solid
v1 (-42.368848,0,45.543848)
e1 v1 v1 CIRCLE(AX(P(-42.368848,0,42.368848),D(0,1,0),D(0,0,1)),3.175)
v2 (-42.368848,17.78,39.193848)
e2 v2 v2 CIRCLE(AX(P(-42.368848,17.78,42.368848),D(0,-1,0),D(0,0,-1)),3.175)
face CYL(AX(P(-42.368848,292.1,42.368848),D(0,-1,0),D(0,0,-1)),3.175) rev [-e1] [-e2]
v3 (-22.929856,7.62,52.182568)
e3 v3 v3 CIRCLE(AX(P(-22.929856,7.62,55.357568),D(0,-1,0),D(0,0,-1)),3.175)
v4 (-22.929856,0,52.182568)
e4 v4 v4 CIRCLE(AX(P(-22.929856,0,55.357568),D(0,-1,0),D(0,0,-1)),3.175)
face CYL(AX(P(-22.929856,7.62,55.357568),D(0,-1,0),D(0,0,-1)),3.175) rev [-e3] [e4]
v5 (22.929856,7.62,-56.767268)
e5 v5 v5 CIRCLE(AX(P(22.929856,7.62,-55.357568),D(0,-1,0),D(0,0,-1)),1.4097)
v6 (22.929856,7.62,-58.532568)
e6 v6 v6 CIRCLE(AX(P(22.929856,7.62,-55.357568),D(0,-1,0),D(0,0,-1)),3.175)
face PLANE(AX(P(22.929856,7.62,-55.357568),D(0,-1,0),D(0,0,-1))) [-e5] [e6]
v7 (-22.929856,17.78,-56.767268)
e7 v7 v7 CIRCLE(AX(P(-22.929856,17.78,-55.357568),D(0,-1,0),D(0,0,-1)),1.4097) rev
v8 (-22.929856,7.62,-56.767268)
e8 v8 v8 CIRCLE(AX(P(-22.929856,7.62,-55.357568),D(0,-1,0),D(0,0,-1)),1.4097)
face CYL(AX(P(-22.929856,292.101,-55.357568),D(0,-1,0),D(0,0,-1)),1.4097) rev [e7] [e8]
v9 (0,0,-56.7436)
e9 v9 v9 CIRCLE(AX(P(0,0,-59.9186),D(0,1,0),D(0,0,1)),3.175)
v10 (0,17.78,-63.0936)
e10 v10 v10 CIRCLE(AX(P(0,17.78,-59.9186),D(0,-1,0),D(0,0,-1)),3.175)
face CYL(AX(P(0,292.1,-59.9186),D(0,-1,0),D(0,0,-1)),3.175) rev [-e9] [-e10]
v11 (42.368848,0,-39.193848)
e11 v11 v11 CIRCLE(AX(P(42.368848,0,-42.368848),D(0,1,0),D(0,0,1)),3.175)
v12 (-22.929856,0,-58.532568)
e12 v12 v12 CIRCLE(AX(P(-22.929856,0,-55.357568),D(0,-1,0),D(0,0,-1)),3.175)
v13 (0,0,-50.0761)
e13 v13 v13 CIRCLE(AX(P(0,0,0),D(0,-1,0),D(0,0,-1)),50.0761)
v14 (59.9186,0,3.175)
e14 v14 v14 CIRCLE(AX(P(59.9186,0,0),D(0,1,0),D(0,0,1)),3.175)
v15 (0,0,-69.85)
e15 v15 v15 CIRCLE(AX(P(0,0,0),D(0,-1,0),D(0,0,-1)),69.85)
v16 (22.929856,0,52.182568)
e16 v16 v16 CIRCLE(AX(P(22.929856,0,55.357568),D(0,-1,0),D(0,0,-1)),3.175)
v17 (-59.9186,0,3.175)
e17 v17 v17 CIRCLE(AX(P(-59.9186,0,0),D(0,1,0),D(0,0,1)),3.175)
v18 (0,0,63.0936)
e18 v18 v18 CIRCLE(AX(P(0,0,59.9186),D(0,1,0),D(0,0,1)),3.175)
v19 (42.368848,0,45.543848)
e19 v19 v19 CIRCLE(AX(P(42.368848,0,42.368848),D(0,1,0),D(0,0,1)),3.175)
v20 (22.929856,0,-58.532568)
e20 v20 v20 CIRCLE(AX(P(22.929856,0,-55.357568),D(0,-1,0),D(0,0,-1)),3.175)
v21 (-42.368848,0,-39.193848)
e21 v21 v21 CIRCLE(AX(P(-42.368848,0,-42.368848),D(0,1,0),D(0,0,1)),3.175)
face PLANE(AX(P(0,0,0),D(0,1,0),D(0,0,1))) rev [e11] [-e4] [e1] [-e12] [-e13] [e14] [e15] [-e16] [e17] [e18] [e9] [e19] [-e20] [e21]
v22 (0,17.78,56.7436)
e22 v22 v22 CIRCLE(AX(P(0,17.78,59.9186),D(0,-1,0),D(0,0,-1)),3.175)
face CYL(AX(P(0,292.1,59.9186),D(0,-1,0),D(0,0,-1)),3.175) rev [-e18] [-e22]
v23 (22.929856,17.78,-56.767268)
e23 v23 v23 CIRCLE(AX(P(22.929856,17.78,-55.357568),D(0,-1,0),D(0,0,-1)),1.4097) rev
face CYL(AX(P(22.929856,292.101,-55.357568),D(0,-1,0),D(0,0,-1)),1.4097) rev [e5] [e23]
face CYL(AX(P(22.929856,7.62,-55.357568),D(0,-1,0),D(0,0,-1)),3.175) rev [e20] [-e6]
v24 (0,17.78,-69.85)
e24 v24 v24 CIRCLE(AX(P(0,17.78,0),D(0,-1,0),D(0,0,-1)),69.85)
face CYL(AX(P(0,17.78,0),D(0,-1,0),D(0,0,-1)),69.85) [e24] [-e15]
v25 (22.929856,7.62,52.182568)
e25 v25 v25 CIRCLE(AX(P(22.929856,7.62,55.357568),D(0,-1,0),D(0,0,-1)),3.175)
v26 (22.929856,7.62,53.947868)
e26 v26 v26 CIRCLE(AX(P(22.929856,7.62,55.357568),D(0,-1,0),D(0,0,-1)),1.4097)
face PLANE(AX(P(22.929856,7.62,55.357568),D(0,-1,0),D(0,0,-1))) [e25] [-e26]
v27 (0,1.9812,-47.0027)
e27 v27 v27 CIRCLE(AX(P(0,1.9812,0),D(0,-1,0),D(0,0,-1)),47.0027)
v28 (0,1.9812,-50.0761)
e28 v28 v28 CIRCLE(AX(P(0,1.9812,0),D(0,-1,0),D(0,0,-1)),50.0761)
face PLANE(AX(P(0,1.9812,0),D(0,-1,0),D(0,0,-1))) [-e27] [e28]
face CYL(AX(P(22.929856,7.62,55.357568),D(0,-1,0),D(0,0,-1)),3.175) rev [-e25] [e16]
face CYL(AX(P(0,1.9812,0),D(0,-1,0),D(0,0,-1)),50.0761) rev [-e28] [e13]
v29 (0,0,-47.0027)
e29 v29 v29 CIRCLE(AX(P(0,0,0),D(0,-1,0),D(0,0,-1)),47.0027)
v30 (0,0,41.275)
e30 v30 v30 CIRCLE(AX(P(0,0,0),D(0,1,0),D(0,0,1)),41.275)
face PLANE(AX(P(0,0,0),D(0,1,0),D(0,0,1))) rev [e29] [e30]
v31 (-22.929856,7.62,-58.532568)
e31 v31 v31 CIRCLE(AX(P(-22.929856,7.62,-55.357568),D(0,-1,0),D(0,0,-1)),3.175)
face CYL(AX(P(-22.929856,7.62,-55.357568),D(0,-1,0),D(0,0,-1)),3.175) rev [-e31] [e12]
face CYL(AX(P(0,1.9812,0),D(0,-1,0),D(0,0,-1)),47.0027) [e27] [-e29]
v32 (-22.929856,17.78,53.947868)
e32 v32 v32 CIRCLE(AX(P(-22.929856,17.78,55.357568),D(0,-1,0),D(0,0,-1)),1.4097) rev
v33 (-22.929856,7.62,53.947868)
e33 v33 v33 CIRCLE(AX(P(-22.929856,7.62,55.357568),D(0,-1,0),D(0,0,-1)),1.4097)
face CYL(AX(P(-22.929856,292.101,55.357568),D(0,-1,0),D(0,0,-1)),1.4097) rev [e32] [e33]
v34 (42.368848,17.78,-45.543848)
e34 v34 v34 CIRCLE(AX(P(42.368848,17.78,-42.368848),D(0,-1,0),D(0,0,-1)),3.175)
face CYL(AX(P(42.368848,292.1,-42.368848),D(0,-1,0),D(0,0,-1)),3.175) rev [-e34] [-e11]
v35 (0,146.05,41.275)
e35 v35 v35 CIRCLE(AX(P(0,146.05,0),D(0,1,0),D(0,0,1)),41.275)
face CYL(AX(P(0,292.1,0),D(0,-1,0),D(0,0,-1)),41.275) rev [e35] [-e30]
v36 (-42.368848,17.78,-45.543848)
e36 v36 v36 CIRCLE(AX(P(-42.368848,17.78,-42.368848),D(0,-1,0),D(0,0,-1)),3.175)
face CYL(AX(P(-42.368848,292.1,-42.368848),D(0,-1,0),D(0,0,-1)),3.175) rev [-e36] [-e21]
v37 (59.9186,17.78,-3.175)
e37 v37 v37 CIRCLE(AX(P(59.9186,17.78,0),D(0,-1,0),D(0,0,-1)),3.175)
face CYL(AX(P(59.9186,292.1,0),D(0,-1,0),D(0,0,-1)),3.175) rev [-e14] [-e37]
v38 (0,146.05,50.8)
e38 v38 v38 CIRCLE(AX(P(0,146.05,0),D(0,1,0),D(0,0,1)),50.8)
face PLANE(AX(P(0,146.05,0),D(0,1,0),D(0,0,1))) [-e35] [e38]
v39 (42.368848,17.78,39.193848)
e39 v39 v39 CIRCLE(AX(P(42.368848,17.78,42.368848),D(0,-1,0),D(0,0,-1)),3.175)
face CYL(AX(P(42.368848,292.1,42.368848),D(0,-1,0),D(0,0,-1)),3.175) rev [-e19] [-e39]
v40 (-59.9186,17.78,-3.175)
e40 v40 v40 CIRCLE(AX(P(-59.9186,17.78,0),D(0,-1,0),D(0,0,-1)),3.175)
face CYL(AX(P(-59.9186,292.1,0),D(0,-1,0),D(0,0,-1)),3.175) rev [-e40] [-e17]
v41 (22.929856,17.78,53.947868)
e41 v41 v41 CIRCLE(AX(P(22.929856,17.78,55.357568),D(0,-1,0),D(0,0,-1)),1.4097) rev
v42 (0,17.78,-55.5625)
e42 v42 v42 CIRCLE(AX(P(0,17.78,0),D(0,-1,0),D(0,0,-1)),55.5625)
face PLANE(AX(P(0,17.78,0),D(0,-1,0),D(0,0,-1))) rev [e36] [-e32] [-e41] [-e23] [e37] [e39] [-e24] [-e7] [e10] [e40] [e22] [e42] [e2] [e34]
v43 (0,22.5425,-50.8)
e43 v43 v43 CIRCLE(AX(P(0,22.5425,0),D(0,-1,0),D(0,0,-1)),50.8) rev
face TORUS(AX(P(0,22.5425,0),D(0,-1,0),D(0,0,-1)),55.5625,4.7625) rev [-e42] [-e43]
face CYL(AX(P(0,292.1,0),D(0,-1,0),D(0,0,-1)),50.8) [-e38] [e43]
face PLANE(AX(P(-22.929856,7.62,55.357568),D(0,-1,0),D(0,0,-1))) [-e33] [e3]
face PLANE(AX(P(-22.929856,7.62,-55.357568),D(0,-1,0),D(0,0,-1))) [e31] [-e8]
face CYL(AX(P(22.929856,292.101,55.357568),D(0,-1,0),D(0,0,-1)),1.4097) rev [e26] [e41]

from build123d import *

# Parameters (mm, degrees)
SKETCH2_R               = 50.8
SKETCH2_R_2             = 41.275
BASE_CYLINDER_DEPTH     = 292.1
SKETCH3_R               = 69.85
SKETCH3_R_2             = 41.275
AFT_FLANGE_DEPTH        = 17.78
SKETCH4_R               = 69.85
SKETCH4_R_2             = 41.275
FORWARD_FLANGE_DEPTH    = 17.78
SKETCH6_R               = 50.0761
SKETCH6_R_2             = 47.0027
O_RING_SLOT_1_DEPTH     = 1.9812
SKETCH7_R               = 50.0761
SKETCH7_R_2             = 47.0027
O_RING_SLOT_2_DEPTH     = 1.9812
SKETCH8_R               = 3.175
CUT_EXTRUDE4_DEPTH      = 1
CUT_EXTRUDE4_DEPTH_BACK = 293.1
FILLET1_R               = 4.7625
SKETCH9_R               = 3.175
CUT_EXTRUDE5_DEPTH      = 7.62
SKETCH10_R              = 3.175
CUT_EXTRUDE6_DEPTH      = 7.62
CUT_EXTRUDE7_REACH      = 286.48
SKETCH11_R              = 1.4097
CUT_EXTRUDE8_REACH      = 286.48
SKETCH12_R              = 1.4097
SKETCH13_R              = 2.3114
CUT_EXTRUDE10_DEPTH     = 6.35
SKETCH14_R              = 2.3114
CUT_EXTRUDE11_DEPTH     = 6.35
SKETCH18_R              = 69.85
CUT_EXTRUDE13_DEPTH     = 146.05


with BuildPart() as part:
    # Sketch2 → Base Cylinder (new body)
    with BuildSketch(Plane(origin=(0, 0, 0), x_dir=(1, 0, 0), z_dir=(0, 1, 0))):
        Circle(SKETCH2_R)
        Circle(SKETCH2_R_2, mode=Mode.SUBTRACT)
    extrude(amount=BASE_CYLINDER_DEPTH)

    # Sketch3 → Aft Flange (add)
    with BuildSketch(Plane.XZ):
        Circle(SKETCH3_R)
        Circle(SKETCH3_R_2, mode=Mode.SUBTRACT)
    extrude(amount=-AFT_FLANGE_DEPTH)

    # Sketch4 → Forward Flange (add)
    with BuildSketch(Plane(origin=(0, 292.1, 0), x_dir=(1, 0, 0), z_dir=(0, 1, 0))):
        Circle(SKETCH4_R)
        Circle(SKETCH4_R_2, mode=Mode.SUBTRACT)
    extrude(amount=-FORWARD_FLANGE_DEPTH)

    # Sketch6 → O-Ring Slot 1 (cut)
    with BuildSketch(Plane.XZ):
        Circle(SKETCH6_R)
        Circle(SKETCH6_R_2, mode=Mode.SUBTRACT)
    extrude(amount=-O_RING_SLOT_1_DEPTH, mode=Mode.SUBTRACT)

    # Sketch7 → O-Ring Slot 2 (cut)
    with BuildSketch(Plane(origin=(0, 292.1, 0), x_dir=(1, 0, 0), z_dir=(0, 1, 0))):
        Circle(SKETCH7_R)
        Circle(SKETCH7_R_2, mode=Mode.SUBTRACT)
    extrude(amount=-O_RING_SLOT_2_DEPTH, mode=Mode.SUBTRACT)

    # Sketch8 → Cut-Extrude4 (cut, two sides)
    with BuildSketch(Plane.XZ) as cut_extrude4_sk:
        with Locations((-59.9186, 0)):
            Circle(SKETCH8_R)
        with Locations((-42.368848379, 42.368848379)):
            Circle(SKETCH8_R)
        with Locations((0, 59.9186)):
            Circle(SKETCH8_R)
        with Locations((42.368848379, 42.368848379)):
            Circle(SKETCH8_R)
        with Locations((59.9186, 0)):
            Circle(SKETCH8_R)
        with Locations((42.368848379, -42.368848379)):
            Circle(SKETCH8_R)
        with Locations((0, -59.9186)):
            Circle(SKETCH8_R)
        with Locations((-42.368848379, -42.368848379)):
            Circle(SKETCH8_R)
    extrude(amount=CUT_EXTRUDE4_DEPTH, mode=Mode.SUBTRACT)
    extrude(cut_extrude4_sk.sketch, amount=-CUT_EXTRUDE4_DEPTH_BACK, mode=Mode.SUBTRACT)

    # Fillet1
    fillet1_edges = [part.edges().sort_by_distance(p)[0] for p in [
        (-50.8, 17.78, 0),
        (-50.8, 274.32, 0),
    ]]
    fillet(fillet1_edges, radius=FILLET1_R)

    # Sketch9 → Cut-Extrude5 (cut)
    with BuildSketch(Plane(origin=(0, 292.1, 0), x_dir=(1, 0, 0), z_dir=(0, 1, 0))):
        with Locations((-22.929855511, 55.357568157)):
            Circle(SKETCH9_R)
        with Locations((22.929855511, -55.357568157)):
            Circle(SKETCH9_R)
        with Locations((22.929855511, 55.357568157)):
            Circle(SKETCH9_R)
        with Locations((-22.929855511, -55.357568157)):
            Circle(SKETCH9_R)
    extrude(amount=-CUT_EXTRUDE5_DEPTH, mode=Mode.SUBTRACT)

    # Sketch10 → Cut-Extrude6 (cut)
    with BuildSketch(Plane.XZ):
        with Locations((-22.929855511, 55.357568157)):
            Circle(SKETCH10_R)
        with Locations((22.929855511, -55.357568157)):
            Circle(SKETCH10_R)
        with Locations((22.929855511, 55.357568157)):
            Circle(SKETCH10_R)
        with Locations((-22.929855511, -55.357568157)):
            Circle(SKETCH10_R)
    extrude(amount=-CUT_EXTRUDE6_DEPTH, mode=Mode.SUBTRACT)

    # Sketch11 → Cut-Extrude7 (cut, up to next)
    with BuildSketch(Plane(origin=(0, 284.48, 0), x_dir=(1, 0, 0), z_dir=(0, 1, 0)), mode=Mode.PRIVATE) as cut_extrude7_sk1:
        with Locations((-22.929855511, 55.357568157)):
            Circle(SKETCH11_R)
    cut_extrude7_tool1 = extrude(cut_extrude7_sk1.sketch, amount=-CUT_EXTRUDE7_REACH, mode=Mode.PRIVATE) & part.part
    add(cut_extrude7_tool1.solids().sort_by_distance((-22.929856, 284.48, -55.357568))[0], mode=Mode.SUBTRACT)
    # Sketch11 → Cut-Extrude7 (cut, up to next)
    with BuildSketch(Plane(origin=(0, 284.48, 0), x_dir=(1, 0, 0), z_dir=(0, 1, 0)), mode=Mode.PRIVATE) as cut_extrude7_sk2:
        with Locations((22.929855511, 55.357568157)):
            Circle(SKETCH11_R)
    cut_extrude7_tool2 = extrude(cut_extrude7_sk2.sketch, amount=-CUT_EXTRUDE7_REACH, mode=Mode.PRIVATE) & part.part
    add(cut_extrude7_tool2.solids().sort_by_distance((22.929856, 284.48, -55.357568))[0], mode=Mode.SUBTRACT)
    # Sketch11 → Cut-Extrude7 (cut, up to next)
    with BuildSketch(Plane(origin=(0, 284.48, 0), x_dir=(1, 0, 0), z_dir=(0, 1, 0)), mode=Mode.PRIVATE) as cut_extrude7_sk3:
        with Locations((-22.929855511, -55.357568157)):
            Circle(SKETCH11_R)
    cut_extrude7_tool3 = extrude(cut_extrude7_sk3.sketch, amount=-CUT_EXTRUDE7_REACH, mode=Mode.PRIVATE) & part.part
    add(cut_extrude7_tool3.solids().sort_by_distance((-22.929856, 284.48, 55.357568))[0], mode=Mode.SUBTRACT)
    # Sketch11 → Cut-Extrude7 (cut, up to next)
    with BuildSketch(Plane(origin=(0, 284.48, 0), x_dir=(1, 0, 0), z_dir=(0, 1, 0)), mode=Mode.PRIVATE) as cut_extrude7_sk4:
        with Locations((22.929855511, -55.357568157)):
            Circle(SKETCH11_R)
    cut_extrude7_tool4 = extrude(cut_extrude7_sk4.sketch, amount=-CUT_EXTRUDE7_REACH, mode=Mode.PRIVATE) & part.part
    add(cut_extrude7_tool4.solids().sort_by_distance((22.929856, 284.48, 55.357568))[0], mode=Mode.SUBTRACT)

    # Sketch12 → Cut-Extrude8 (cut, up to next)
    with BuildSketch(Plane.XZ.offset(-7.62), mode=Mode.PRIVATE) as cut_extrude8_sk1:
        with Locations((-22.929855511, 55.357568157)):
            Circle(SKETCH12_R)
    cut_extrude8_tool1 = extrude(cut_extrude8_sk1.sketch, amount=-CUT_EXTRUDE8_REACH, mode=Mode.PRIVATE) & part.part
    add(cut_extrude8_tool1.solids().sort_by_distance((-22.929856, 7.62, 55.357568))[0], mode=Mode.SUBTRACT)
    # Sketch12 → Cut-Extrude8 (cut, up to next)
    with BuildSketch(Plane.XZ.offset(-7.62), mode=Mode.PRIVATE) as cut_extrude8_sk2:
        with Locations((22.929855511, 55.357568157)):
            Circle(SKETCH12_R)
    cut_extrude8_tool2 = extrude(cut_extrude8_sk2.sketch, amount=-CUT_EXTRUDE8_REACH, mode=Mode.PRIVATE) & part.part
    add(cut_extrude8_tool2.solids().sort_by_distance((22.929856, 7.62, 55.357568))[0], mode=Mode.SUBTRACT)
    # Sketch12 → Cut-Extrude8 (cut, up to next)
    with BuildSketch(Plane.XZ.offset(-7.62), mode=Mode.PRIVATE) as cut_extrude8_sk3:
        with Locations((-22.929855511, -55.357568157)):
            Circle(SKETCH12_R)
    cut_extrude8_tool3 = extrude(cut_extrude8_sk3.sketch, amount=-CUT_EXTRUDE8_REACH, mode=Mode.PRIVATE) & part.part
    add(cut_extrude8_tool3.solids().sort_by_distance((-22.929856, 7.62, -55.357568))[0], mode=Mode.SUBTRACT)
    # Sketch12 → Cut-Extrude8 (cut, up to next)
    with BuildSketch(Plane.XZ.offset(-7.62), mode=Mode.PRIVATE) as cut_extrude8_sk4:
        with Locations((22.929855511, -55.357568157)):
            Circle(SKETCH12_R)
    cut_extrude8_tool4 = extrude(cut_extrude8_sk4.sketch, amount=-CUT_EXTRUDE8_REACH, mode=Mode.PRIVATE) & part.part
    add(cut_extrude8_tool4.solids().sort_by_distance((22.929856, 7.62, -55.357568))[0], mode=Mode.SUBTRACT)

    # Sketch13 → Cut-Extrude10 (cut)
    with BuildSketch(Plane(origin=(-69.85, 0, 0), x_dir=(0, 0, -1), z_dir=(1, 0, 0))):
        with Locations((0, 283.21)):
            Circle(SKETCH13_R)
    extrude(amount=CUT_EXTRUDE10_DEPTH, mode=Mode.SUBTRACT)

    # Sketch14 → Cut-Extrude11 (cut)
    with BuildSketch(Plane(origin=(69.85, 0, 0), x_dir=(0, 0, -1), z_dir=(1, 0, 0))):
        with Locations((0, 283.21)):
            Circle(SKETCH14_R)
    extrude(amount=-CUT_EXTRUDE11_DEPTH, mode=Mode.SUBTRACT)

    # Sketch18 → Cut-Extrude13 (cut)
    with BuildSketch(Plane(origin=(0, 292.1, 0), x_dir=(1, 0, 0), z_dir=(0, 1, 0))):
        Circle(SKETCH18_R)
    extrude(amount=-CUT_EXTRUDE13_DEPTH, mode=Mode.SUBTRACT)


solid = part.part
